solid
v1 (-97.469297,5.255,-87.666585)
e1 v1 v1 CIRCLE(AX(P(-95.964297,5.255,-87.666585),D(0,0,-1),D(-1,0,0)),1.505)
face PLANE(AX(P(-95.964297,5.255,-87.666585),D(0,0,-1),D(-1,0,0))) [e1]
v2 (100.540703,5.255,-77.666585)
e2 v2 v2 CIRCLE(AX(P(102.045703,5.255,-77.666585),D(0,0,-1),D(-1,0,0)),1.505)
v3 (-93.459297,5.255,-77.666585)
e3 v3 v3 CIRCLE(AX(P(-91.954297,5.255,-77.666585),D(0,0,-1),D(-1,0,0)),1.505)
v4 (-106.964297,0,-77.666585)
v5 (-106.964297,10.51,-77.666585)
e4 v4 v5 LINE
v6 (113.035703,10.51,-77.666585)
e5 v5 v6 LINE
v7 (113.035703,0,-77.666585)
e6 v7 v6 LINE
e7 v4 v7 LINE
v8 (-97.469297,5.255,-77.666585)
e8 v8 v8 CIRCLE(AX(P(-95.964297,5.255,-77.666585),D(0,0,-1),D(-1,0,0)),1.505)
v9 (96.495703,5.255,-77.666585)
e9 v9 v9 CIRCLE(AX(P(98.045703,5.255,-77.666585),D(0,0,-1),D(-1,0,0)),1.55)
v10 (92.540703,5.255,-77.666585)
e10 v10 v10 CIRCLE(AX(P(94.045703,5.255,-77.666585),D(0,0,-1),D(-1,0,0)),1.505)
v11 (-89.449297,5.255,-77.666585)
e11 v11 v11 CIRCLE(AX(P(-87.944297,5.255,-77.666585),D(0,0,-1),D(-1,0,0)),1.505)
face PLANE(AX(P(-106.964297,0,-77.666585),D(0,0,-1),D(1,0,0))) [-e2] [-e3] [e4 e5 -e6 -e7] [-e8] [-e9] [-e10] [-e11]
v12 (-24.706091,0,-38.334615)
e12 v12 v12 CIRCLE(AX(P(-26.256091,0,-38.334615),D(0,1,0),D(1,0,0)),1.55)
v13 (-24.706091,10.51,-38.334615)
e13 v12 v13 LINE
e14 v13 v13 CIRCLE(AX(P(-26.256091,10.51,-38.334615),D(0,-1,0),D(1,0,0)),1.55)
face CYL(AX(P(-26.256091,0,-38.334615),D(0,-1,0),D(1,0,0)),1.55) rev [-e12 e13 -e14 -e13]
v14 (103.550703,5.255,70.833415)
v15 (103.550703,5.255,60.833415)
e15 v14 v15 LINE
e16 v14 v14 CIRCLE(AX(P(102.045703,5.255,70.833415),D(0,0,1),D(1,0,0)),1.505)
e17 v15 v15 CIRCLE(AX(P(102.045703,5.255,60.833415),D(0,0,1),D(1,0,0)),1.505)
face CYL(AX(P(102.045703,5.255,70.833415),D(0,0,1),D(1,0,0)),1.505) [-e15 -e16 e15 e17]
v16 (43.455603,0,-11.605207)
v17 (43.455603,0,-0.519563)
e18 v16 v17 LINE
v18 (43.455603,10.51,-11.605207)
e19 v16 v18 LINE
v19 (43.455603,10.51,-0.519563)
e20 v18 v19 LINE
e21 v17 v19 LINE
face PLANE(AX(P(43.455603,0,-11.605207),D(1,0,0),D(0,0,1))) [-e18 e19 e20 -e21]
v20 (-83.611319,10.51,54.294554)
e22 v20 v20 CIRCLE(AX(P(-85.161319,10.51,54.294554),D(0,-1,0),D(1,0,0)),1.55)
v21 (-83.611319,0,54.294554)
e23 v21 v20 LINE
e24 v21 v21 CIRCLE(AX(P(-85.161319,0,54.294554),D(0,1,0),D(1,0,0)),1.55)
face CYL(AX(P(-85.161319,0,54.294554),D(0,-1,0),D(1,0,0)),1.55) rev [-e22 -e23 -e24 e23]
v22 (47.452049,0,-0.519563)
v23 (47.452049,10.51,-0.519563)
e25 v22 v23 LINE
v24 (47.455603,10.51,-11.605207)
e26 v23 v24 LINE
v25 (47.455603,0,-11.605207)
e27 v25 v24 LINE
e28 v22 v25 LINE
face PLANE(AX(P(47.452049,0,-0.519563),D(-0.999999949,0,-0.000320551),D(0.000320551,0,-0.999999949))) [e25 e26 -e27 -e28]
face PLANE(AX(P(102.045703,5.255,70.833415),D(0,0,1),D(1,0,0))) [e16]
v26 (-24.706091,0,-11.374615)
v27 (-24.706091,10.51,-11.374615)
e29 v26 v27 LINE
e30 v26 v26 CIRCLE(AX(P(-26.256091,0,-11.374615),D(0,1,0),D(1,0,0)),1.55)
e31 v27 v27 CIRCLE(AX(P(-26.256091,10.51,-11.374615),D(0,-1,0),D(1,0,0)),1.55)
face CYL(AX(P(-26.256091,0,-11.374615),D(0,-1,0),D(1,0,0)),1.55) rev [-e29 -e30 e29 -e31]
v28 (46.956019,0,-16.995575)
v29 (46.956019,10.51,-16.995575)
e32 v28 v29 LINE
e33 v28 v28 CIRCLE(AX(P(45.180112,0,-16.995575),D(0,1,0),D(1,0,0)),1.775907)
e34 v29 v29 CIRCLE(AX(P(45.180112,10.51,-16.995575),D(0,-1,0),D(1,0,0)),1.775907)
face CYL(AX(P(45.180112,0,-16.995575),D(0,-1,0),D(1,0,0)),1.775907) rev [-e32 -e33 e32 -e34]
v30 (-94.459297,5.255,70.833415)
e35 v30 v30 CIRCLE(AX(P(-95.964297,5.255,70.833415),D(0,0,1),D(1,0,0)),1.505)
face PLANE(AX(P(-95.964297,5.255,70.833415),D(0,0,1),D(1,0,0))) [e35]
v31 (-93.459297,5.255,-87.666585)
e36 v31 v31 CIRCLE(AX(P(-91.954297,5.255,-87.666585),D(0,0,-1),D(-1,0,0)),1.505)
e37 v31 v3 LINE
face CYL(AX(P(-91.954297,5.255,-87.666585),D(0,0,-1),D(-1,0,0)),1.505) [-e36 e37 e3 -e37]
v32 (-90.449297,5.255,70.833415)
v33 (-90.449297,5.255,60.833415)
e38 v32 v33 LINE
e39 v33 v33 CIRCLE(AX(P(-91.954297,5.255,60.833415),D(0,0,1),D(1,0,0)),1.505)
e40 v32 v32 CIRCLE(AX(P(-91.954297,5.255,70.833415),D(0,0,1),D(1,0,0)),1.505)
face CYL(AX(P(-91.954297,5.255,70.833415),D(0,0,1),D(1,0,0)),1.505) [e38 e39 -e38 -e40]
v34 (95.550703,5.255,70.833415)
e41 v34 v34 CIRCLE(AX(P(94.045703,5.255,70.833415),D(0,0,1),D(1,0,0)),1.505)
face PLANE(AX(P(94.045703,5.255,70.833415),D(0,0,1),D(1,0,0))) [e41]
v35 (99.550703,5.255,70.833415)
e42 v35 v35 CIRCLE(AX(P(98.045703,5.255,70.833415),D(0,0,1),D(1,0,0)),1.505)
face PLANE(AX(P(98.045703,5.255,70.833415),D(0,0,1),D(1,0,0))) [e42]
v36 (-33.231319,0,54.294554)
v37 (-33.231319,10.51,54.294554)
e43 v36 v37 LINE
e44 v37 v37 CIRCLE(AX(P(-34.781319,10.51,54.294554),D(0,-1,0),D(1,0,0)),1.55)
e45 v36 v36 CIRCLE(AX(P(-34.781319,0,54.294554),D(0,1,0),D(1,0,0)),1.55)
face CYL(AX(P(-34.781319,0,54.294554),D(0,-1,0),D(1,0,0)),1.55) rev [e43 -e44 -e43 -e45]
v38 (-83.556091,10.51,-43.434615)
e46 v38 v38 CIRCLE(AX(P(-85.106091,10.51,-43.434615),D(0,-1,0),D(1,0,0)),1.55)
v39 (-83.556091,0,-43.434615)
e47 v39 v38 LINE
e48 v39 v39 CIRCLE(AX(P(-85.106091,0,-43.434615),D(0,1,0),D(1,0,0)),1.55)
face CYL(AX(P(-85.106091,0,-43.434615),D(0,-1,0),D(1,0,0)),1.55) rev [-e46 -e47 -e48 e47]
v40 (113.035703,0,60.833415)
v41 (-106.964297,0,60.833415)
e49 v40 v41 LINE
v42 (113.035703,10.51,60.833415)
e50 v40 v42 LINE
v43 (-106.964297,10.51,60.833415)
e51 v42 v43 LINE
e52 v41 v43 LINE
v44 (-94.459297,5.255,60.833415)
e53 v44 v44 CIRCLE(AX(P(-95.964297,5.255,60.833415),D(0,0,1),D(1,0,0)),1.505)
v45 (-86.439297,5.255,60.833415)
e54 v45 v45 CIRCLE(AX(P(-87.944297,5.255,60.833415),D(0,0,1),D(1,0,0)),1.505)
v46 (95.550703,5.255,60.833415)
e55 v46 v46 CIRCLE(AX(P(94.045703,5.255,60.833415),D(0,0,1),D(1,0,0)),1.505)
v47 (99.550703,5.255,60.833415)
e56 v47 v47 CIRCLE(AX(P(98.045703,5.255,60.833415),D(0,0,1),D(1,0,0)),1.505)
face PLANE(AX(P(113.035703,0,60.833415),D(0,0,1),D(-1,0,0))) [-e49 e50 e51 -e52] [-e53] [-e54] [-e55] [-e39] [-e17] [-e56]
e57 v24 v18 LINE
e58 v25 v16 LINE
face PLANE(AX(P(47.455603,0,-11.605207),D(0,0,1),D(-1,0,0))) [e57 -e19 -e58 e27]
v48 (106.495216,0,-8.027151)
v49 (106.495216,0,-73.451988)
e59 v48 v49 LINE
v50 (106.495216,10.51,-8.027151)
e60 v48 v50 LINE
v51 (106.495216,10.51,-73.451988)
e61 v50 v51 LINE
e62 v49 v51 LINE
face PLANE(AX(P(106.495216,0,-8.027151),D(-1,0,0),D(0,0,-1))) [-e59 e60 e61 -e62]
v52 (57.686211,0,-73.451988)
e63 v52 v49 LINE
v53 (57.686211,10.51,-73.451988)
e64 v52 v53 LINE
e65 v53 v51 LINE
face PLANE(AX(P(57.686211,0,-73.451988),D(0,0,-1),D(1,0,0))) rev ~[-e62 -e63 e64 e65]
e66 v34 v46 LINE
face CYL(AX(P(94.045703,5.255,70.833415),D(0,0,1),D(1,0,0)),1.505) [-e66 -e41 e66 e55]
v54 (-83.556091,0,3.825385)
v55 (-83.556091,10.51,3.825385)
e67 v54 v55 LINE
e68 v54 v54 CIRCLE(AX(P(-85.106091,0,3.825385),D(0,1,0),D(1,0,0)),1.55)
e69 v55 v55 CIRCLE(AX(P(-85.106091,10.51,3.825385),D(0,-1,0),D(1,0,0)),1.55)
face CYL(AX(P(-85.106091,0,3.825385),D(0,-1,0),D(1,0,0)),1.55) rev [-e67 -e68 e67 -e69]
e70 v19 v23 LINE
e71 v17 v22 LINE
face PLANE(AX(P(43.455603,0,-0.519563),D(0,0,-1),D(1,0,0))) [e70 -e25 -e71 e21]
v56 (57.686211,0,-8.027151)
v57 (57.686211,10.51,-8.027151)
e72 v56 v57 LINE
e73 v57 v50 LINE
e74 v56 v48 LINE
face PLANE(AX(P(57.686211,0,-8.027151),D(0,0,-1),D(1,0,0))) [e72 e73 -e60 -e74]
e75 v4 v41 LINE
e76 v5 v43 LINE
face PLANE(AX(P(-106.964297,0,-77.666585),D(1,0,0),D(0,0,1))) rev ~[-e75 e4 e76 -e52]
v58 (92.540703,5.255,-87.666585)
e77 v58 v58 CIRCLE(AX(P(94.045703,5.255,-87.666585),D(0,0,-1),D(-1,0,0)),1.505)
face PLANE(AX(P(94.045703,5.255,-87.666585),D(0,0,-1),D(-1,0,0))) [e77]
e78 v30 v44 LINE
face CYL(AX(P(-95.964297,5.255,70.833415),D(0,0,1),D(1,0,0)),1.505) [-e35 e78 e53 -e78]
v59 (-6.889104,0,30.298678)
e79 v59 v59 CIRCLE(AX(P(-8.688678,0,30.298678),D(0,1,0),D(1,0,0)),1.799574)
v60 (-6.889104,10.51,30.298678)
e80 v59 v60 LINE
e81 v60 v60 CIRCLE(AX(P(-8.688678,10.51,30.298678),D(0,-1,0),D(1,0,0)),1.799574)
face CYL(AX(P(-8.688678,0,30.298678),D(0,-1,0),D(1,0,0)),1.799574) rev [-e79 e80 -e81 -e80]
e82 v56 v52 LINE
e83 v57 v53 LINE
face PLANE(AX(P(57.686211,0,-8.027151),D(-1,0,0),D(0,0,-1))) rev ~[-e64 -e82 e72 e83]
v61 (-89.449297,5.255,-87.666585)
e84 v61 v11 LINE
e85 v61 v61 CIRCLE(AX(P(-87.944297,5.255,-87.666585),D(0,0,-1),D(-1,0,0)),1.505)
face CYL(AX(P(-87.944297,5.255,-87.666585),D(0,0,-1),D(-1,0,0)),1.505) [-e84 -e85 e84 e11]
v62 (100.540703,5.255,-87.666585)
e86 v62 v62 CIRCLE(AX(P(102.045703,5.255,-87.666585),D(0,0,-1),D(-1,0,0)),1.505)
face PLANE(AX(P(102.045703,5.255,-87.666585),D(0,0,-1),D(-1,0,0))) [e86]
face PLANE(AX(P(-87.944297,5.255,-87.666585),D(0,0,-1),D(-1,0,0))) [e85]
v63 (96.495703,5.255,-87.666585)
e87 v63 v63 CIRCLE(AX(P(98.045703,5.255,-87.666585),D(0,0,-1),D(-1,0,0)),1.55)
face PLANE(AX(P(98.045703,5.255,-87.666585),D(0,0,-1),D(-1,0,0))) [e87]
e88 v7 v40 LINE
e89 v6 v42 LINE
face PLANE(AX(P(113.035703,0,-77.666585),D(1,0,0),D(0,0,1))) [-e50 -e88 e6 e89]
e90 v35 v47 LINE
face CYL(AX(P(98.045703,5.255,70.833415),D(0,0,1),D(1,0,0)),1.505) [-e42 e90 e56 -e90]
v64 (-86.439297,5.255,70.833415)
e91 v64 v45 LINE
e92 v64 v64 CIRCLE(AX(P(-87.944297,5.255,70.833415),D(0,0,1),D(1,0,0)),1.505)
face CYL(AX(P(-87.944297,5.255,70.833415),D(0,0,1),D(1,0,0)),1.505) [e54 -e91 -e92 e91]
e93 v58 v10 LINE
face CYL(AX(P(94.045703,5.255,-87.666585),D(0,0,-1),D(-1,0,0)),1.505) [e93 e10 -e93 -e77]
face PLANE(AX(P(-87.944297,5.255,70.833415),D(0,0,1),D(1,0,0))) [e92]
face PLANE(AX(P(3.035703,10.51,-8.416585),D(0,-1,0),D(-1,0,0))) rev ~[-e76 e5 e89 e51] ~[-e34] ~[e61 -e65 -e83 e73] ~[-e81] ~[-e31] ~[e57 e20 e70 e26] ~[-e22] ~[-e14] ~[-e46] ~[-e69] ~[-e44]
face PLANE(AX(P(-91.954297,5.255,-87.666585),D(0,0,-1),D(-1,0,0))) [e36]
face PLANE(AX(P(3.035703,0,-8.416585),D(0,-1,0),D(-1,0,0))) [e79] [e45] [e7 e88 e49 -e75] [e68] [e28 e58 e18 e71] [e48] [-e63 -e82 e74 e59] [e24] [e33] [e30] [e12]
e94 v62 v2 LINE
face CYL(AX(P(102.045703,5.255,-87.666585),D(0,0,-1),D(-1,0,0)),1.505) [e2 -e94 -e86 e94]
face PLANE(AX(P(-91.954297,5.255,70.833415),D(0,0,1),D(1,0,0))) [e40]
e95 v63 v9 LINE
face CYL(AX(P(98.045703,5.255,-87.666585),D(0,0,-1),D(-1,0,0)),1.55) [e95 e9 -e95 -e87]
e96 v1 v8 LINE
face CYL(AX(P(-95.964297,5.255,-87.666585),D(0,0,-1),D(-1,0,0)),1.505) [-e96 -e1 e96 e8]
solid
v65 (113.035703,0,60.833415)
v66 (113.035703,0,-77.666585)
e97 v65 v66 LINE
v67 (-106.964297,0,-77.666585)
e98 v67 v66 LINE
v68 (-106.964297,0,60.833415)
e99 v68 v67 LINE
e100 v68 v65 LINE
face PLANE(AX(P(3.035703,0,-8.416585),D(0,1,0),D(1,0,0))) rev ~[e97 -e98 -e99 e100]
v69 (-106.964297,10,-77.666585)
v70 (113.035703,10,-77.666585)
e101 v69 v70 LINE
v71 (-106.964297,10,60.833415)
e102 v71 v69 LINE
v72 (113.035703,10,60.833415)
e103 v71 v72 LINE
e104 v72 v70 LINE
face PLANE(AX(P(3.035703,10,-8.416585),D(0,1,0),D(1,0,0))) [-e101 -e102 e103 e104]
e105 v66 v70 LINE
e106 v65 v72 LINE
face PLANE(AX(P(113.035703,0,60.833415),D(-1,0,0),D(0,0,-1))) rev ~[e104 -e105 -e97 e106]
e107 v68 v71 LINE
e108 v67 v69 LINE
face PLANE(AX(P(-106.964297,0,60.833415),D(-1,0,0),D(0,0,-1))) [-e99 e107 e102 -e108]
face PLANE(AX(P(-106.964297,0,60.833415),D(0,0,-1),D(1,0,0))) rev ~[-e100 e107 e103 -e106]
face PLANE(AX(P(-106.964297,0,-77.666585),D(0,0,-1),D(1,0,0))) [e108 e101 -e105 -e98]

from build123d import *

# Parameters (mm, degrees)
SKETCH1_W               = 220
SKETCH1_H               = 138.5
BOSS_EXTRUDE1_DEPTH     = 10
BOSS_EXTRUDE3_DEPTH     = 10.51
SKETCH6_R               = 1.505
BOSS_EXTRUDE4_DEPTH     = 16.5
SKETCH7_W               = 48.809005083
SKETCH7_H               = 65.424836601
CUT_EXTRUDE1_DEPTH      = 75
CUT_EXTRUDE1_DEPTH_BACK = 81
SKETCH8_R               = 1.505
SKETCH8_R_2             = 1.55
BOSS_EXTRUDE5_DEPTH     = 12
SKETCH9_R               = 1.55
SKETCH9_R_2             = 1.775907256
SKETCH9_R_3             = 1.799574189
CUT_EXTRUDE2_DEPTH      = 65
CUT_EXTRUDE2_DEPTH_BACK = 51


with BuildPart() as part:
    # Sketch1 → Boss-Extrude1 (new body)
    with BuildSketch(Plane(origin=(0, 0, 0), x_dir=(1, 0, 0), z_dir=(0, 1, 0))):
        with Locations((3.035702614, 8.416584967)):
            Rectangle(SKETCH1_W, SKETCH1_H)
    extrude(amount=BOSS_EXTRUDE1_DEPTH)


with BuildPart() as body_2:
    # Sketch5 → Boss-Extrude3 (new body)
    with BuildSketch(Plane(origin=(0, 0, 0), x_dir=(1, 0, 0), z_dir=(0, 1, 0))):
        Polygon((-106.964297386, 8.416584967), (-106.964297386, 77.666584967), (113.035702614, 77.666584967), (113.035702614, -60.833415033), (-106.964297386, -60.833415033), align=None)
    extrude(amount=BOSS_EXTRUDE3_DEPTH)

    # Sketch6 → Boss-Extrude4 (add)
    with BuildSketch(Plane.XY.offset(70.833415033)):
        with Locations((-95.964297386, 5.255)):
            Circle(SKETCH6_R)
        with Locations((-91.954297386, 5.255)):
            Circle(SKETCH6_R)
        with Locations((-87.944297386, 5.255)):
            Circle(SKETCH6_R)
        with Locations((94.045702614, 5.255)):
            Circle(SKETCH6_R)
        with Locations((98.045702614, 5.255)):
            Circle(SKETCH6_R)
        with Locations((102.045702614, 5.255)):
            Circle(SKETCH6_R)
    extrude(amount=-BOSS_EXTRUDE4_DEPTH)

    # Sketch7 → Cut-Extrude1 (cut, two sides)
    with BuildSketch(Plane(origin=(0, 0, 0), x_dir=(1, 0, 0), z_dir=(0, 1, 0))) as cut_extrude1_sk:
        with Locations((82.090713507, 40.739569717)):
            Rectangle(SKETCH7_W, SKETCH7_H)
    extrude(amount=CUT_EXTRUDE1_DEPTH, mode=Mode.SUBTRACT)
    extrude(cut_extrude1_sk.sketch, amount=-CUT_EXTRUDE1_DEPTH_BACK, mode=Mode.SUBTRACT)

    # Sketch8 → Boss-Extrude5 (add)
    with BuildSketch(Plane(origin=(0, 0, -87.666584967), x_dir=(-1, 0, 0), z_dir=(0, 0, -1))):
        with Locations((-102.045702614, 5.255)):
            Circle(SKETCH8_R)
        with Locations((-98.045702614, 5.255)):
            Circle(SKETCH8_R_2)
        with Locations((-94.045702614, 5.255)):
            Circle(SKETCH8_R)
        with Locations((95.964297386, 5.255)):
            Circle(SKETCH8_R)
        with Locations((91.954297386, 5.255)):
            Circle(SKETCH8_R)
        with Locations((87.944297386, 5.255)):
            Circle(SKETCH8_R)
    extrude(amount=-BOSS_EXTRUDE5_DEPTH)

    # Sketch9 → Cut-Extrude2 (cut, two sides)
    with BuildSketch(Plane(origin=(0, 0, 0), x_dir=(1, 0, 0), z_dir=(0, 1, 0))) as cut_extrude2_sk:
        with Locations((-85.161319051, -54.29455425)):
            Circle(SKETCH9_R)
        with Locations((-34.781319051, -54.29455425)):
            Circle(SKETCH9_R)
        with Locations((-85.10609114, -3.825384854)):
            Circle(SKETCH9_R)
        with Locations((-26.25609114, 11.374615146)):
            Circle(SKETCH9_R)
        with Locations((-26.25609114, 38.334615146)):
            Circle(SKETCH9_R)
        with Locations((-85.10609114, 43.434615146)):
            Circle(SKETCH9_R)
        with Locations((45.180112097, 16.995575273)):
            Circle(SKETCH9_R_2)
        with Locations((-8.688678328, -30.298677737)):
            Circle(SKETCH9_R_3)
        Polygon((43.455602968, 0.519563371), (47.452049454, 0.519563371), (47.455602968, 11.605206961), (43.455602968, 11.605206961), align=None)
    extrude(amount=CUT_EXTRUDE2_DEPTH, mode=Mode.SUBTRACT)
    extrude(cut_extrude2_sk.sketch, amount=-CUT_EXTRUDE2_DEPTH_BACK, mode=Mode.SUBTRACT)


solid = Compound([part.part, body_2.part])
